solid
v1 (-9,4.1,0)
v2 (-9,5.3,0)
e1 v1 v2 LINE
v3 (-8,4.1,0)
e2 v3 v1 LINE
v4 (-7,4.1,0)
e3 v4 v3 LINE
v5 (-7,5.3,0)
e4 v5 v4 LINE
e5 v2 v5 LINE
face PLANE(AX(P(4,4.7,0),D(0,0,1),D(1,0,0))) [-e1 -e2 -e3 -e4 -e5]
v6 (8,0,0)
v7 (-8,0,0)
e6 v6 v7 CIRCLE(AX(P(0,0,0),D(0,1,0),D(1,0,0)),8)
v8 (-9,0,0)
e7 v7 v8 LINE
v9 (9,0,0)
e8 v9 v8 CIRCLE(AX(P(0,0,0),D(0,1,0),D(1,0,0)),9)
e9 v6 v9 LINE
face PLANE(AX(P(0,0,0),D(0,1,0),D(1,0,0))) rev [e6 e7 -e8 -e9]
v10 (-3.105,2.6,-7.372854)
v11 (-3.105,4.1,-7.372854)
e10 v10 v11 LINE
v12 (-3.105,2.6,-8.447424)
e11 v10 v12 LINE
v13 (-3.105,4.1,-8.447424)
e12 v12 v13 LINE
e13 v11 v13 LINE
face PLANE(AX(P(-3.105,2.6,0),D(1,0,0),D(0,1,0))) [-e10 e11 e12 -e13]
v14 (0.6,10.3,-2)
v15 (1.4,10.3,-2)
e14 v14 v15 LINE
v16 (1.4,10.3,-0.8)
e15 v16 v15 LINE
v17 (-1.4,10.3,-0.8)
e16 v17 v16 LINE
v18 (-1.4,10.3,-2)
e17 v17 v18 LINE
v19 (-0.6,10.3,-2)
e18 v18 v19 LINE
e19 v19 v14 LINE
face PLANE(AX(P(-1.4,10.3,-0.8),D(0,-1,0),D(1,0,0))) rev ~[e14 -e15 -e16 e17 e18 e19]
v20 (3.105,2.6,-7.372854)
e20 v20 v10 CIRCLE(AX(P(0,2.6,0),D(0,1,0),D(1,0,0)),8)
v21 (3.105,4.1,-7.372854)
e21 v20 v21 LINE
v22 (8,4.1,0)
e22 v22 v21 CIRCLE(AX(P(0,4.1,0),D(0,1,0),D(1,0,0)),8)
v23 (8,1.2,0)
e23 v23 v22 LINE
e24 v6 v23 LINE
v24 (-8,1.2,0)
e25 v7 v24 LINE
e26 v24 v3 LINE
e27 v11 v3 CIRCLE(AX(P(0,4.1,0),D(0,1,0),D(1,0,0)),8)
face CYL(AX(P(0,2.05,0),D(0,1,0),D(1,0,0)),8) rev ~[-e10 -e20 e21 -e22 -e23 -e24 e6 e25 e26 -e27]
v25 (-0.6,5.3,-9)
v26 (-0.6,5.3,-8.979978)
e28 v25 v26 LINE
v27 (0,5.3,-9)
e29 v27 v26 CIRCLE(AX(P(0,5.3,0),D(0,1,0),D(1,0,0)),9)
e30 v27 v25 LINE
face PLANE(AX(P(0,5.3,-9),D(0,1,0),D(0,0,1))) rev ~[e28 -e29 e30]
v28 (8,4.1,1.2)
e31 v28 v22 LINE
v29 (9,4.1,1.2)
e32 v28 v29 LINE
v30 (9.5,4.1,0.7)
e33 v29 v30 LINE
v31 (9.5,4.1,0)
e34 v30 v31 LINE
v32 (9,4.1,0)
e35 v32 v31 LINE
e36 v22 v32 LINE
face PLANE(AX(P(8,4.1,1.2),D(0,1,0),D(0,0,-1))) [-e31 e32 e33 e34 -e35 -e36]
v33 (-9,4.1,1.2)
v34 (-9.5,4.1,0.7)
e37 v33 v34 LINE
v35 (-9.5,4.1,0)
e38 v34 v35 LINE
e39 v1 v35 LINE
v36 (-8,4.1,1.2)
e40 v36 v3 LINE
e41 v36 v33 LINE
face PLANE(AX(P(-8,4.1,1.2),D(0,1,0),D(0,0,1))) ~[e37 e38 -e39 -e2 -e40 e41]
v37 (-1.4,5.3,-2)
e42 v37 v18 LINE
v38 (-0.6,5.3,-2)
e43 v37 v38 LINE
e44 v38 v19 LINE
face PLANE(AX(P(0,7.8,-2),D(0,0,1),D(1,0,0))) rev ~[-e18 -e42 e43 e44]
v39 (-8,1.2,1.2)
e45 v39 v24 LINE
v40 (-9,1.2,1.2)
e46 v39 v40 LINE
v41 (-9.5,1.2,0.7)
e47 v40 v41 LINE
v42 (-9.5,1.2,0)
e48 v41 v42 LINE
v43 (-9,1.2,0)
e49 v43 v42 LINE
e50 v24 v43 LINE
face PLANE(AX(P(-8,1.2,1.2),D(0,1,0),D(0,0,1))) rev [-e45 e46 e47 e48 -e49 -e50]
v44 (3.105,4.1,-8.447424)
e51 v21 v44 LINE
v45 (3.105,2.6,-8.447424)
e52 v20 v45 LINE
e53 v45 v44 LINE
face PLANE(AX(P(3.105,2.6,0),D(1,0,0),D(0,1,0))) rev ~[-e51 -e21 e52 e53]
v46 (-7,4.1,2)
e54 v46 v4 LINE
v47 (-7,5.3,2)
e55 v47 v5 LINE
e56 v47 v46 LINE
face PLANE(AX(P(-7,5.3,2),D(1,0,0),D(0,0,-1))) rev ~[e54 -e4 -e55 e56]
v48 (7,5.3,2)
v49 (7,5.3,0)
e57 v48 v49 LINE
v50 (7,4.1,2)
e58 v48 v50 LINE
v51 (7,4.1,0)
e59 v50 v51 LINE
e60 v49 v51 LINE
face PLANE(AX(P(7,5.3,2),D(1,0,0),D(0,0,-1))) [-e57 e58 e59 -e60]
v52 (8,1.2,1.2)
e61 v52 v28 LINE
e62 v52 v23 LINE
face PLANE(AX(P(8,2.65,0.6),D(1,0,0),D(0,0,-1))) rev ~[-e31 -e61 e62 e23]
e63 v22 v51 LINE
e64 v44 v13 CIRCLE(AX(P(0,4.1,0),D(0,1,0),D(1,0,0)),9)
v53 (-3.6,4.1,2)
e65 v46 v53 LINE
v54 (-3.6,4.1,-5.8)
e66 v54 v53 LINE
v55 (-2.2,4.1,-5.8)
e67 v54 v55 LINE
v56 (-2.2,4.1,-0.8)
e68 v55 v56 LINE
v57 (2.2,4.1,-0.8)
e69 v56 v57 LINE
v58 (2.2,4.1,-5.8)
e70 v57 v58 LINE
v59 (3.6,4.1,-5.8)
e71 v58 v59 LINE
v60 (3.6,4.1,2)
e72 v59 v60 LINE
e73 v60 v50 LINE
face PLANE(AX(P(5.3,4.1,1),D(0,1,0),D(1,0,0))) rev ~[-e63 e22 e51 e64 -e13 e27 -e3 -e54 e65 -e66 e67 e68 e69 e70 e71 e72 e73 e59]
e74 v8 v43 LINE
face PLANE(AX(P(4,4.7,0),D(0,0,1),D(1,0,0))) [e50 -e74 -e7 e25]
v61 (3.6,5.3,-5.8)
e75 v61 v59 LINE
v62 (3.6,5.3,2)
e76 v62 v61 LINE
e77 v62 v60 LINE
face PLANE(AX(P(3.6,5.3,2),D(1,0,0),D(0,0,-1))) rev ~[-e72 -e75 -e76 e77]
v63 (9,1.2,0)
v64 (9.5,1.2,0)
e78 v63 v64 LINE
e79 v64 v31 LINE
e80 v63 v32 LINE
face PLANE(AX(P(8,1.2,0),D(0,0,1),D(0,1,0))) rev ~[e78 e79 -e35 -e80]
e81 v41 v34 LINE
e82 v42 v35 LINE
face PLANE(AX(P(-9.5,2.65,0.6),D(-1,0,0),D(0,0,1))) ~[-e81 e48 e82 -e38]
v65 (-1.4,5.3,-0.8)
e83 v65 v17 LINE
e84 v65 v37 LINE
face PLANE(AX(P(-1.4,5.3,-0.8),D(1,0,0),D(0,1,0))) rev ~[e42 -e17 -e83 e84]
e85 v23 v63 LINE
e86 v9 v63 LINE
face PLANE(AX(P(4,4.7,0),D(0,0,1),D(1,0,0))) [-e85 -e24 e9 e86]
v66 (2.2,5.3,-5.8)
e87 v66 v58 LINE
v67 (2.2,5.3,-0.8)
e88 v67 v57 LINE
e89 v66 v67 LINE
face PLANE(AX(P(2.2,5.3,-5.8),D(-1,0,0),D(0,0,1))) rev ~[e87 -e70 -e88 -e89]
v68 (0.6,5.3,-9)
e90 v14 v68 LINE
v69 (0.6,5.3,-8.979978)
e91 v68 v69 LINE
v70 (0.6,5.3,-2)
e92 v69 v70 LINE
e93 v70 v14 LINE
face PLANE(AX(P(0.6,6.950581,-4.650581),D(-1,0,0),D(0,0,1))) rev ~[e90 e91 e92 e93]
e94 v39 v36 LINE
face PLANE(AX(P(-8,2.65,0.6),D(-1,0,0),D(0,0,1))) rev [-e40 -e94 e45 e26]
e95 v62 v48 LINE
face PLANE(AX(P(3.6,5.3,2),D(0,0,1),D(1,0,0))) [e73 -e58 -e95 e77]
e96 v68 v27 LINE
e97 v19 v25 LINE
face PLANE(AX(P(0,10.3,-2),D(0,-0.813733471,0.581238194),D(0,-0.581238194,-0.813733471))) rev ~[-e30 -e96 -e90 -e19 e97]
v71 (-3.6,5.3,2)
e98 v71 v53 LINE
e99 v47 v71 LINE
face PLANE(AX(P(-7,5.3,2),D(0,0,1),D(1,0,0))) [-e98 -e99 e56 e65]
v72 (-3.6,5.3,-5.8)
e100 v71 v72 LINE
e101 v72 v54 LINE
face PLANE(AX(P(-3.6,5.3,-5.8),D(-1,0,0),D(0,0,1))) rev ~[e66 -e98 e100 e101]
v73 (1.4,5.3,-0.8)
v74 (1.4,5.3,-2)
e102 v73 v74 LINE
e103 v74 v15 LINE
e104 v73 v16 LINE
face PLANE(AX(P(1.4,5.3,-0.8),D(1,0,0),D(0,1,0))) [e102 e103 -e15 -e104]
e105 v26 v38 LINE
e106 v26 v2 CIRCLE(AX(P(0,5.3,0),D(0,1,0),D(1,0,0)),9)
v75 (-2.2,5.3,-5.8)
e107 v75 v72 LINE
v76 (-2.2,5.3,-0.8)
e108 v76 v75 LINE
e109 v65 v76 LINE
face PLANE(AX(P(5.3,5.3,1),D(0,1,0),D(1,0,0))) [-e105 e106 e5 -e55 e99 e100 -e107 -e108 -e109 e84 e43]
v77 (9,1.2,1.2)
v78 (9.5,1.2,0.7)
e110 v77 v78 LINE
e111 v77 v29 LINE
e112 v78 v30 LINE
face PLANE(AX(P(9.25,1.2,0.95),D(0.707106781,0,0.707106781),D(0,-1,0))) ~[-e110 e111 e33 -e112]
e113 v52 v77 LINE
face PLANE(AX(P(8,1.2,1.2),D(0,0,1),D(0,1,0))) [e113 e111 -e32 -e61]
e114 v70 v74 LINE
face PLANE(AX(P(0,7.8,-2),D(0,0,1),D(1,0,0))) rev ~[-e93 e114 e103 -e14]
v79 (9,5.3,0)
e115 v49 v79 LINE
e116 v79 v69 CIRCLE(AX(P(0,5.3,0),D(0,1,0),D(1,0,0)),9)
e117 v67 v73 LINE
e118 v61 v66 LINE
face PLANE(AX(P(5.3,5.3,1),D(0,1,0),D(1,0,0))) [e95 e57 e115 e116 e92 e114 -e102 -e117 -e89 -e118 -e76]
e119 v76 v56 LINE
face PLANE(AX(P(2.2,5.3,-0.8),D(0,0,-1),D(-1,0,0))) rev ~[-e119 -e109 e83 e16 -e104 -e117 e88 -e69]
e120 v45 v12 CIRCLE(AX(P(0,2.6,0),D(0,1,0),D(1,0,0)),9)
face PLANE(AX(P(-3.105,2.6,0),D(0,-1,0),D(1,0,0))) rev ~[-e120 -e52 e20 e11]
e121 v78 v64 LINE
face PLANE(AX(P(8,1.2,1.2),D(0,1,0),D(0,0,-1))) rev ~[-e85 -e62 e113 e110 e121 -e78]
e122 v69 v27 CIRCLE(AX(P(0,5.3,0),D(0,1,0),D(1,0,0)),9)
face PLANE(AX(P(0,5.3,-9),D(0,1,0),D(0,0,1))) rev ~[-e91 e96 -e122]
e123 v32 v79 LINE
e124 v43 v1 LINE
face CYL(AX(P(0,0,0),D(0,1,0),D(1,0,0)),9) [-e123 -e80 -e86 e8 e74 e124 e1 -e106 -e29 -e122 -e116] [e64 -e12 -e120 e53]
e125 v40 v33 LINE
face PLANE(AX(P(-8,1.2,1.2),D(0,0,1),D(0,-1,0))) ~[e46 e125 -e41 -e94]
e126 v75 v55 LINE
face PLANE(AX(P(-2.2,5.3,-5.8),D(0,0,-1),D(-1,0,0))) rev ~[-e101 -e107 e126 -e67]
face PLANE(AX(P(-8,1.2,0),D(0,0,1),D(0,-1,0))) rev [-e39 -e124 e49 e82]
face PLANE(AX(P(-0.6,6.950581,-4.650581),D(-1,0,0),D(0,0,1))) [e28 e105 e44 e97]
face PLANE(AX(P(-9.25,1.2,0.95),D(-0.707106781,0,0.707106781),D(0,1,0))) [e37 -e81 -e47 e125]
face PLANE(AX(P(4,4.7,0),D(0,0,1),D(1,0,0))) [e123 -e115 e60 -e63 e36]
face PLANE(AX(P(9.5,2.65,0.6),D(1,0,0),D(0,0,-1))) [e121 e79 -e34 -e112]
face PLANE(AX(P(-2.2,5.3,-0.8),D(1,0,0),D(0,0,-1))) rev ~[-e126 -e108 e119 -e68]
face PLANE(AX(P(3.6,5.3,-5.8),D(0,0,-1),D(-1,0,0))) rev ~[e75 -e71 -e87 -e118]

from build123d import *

# Parameters (mm, degrees)
SKETCH1_W                = 8
SKETCH1_H                = 1.2
SKETCH1_W_2              = 1
SKETCH1_H_2              = 4.1
REVOLVE1_ANGLE           = 180
SKETCH2_W                = 6.21
SKETCH2_H                = 1.5
CUT_EXTRUDE1_DEPTH       = 14.787313009
CUT_EXTRUDE2_DEPTH       = 14.787313009
SKETCH4_W                = 3.4
SKETCH4_H                = 2
BOSS_EXTRUDE1_DEPTH      = 1.2
SKETCH5_W                = 1.2
SKETCH5_H                = 2.9
BOSS_EXTRUDE2_DEPTH      = 1.5
CHAMFER1_SIZE            = 0.5
CHAMFER1_OF_MIRROR2_SIZE = 0.5
SKETCH6_W                = 2.8
SKETCH6_H                = 5
BOSS_EXTRUDE3_DEPTH      = 1.2
BOSS_EXTRUDE4_DEPTH      = 0.6


with BuildPart() as part:
    # Sketch1 → Revolve1 (revolve)
    with BuildSketch(Plane.XY):
        with Locations((4, 4.7)):
            Rectangle(SKETCH1_W, SKETCH1_H)
        with Locations((8.5, 4.7)):
            Rectangle(SKETCH1_W_2, SKETCH1_H)
        with Locations((8.5, 2.05)):
            Rectangle(SKETCH1_W_2, SKETCH1_H_2)
    revolve(axis=Axis((0, 0, 0), (0, 1, 0)), revolution_arc=REVOLVE1_ANGLE)

    # Sketch2 → Cut-Extrude1 (cut, through all)
    with BuildSketch(Plane.XY):
        with Locations((0, 3.35)):
            Rectangle(SKETCH2_W, SKETCH2_H)
    extrude(amount=-CUT_EXTRUDE1_DEPTH, mode=Mode.SUBTRACT)

    # Sketch3 → Cut-Extrude2 (cut, through all)
    with BuildSketch(Plane(origin=(0, 5.3, 0), x_dir=(1, 0, 0), z_dir=(0, 1, 0))):
        Polygon((-2.2, 5.8), (-3.6, 5.8), (-3.6, 0), (3.6, 0), (3.6, 5.8), (2.2, 5.8), (2.2, 0.8), (-2.2, 0.8), align=None)
    extrude(amount=-CUT_EXTRUDE2_DEPTH, mode=Mode.SUBTRACT)

    # Sketch4 → Boss-Extrude1 (add)
    with BuildSketch(Plane(origin=(0, 5.3, 0), x_dir=(1, 0, 0), z_dir=(0, 1, 0))):
        with Locations((5.3, -1)):
            Rectangle(SKETCH4_W, SKETCH4_H)
        with Locations((-5.3, -1)):
            Rectangle(SKETCH4_W, SKETCH4_H)
    extrude(amount=-BOSS_EXTRUDE1_DEPTH)

    # Sketch5 → Boss-Extrude2 (add)
    with BuildSketch(Plane(origin=(8, 0, 0), x_dir=(0, 0, -1), z_dir=(1, 0, 0))):
        with Locations((-0.6, 2.65)):
            Rectangle(SKETCH5_W, SKETCH5_H)
    boss_extrude2 = extrude(amount=BOSS_EXTRUDE2_DEPTH)

    # Chamfer1
    chamfer1_edges = [part.edges().sort_by_distance(p)[0] for p in [
        (9.5, 2.65, 1.2),
    ]]
    chamfer(chamfer1_edges, length=CHAMFER1_SIZE)

    # Mirror2: Boss-Extrude2 across plane
    add(boss_extrude2.mirror(Plane(origin=(0, 0, 0), x_dir=(0, 0, 1), z_dir=(1, 0, 0))))

    # Chamfer1 of Mirror2
    chamfer1_of_mirror2_edges = [part.edges().sort_by_distance(p)[0] for p in [
        (-9.5, 2.65, 1.2),
    ]]
    chamfer(chamfer1_of_mirror2_edges, length=CHAMFER1_OF_MIRROR2_SIZE)

    # Sketch6 → Boss-Extrude3 (add)
    with BuildSketch(Plane.XY.offset(-0.8)):
        with Locations((0, 7.8)):
            Rectangle(SKETCH6_W, SKETCH6_H)
    extrude(amount=-BOSS_EXTRUDE3_DEPTH)

    # Sketch7 → Boss-Extrude4 (add, symmetric)
    with BuildSketch(Plane(origin=(0, 0, 0), x_dir=(0, 0, -1), z_dir=(1, 0, 0))):
        Polygon((2, 10.3), (9, 5.3), (2, 5.3), align=None)
    extrude(amount=BOSS_EXTRUDE4_DEPTH, both=True)


solid = part.part
